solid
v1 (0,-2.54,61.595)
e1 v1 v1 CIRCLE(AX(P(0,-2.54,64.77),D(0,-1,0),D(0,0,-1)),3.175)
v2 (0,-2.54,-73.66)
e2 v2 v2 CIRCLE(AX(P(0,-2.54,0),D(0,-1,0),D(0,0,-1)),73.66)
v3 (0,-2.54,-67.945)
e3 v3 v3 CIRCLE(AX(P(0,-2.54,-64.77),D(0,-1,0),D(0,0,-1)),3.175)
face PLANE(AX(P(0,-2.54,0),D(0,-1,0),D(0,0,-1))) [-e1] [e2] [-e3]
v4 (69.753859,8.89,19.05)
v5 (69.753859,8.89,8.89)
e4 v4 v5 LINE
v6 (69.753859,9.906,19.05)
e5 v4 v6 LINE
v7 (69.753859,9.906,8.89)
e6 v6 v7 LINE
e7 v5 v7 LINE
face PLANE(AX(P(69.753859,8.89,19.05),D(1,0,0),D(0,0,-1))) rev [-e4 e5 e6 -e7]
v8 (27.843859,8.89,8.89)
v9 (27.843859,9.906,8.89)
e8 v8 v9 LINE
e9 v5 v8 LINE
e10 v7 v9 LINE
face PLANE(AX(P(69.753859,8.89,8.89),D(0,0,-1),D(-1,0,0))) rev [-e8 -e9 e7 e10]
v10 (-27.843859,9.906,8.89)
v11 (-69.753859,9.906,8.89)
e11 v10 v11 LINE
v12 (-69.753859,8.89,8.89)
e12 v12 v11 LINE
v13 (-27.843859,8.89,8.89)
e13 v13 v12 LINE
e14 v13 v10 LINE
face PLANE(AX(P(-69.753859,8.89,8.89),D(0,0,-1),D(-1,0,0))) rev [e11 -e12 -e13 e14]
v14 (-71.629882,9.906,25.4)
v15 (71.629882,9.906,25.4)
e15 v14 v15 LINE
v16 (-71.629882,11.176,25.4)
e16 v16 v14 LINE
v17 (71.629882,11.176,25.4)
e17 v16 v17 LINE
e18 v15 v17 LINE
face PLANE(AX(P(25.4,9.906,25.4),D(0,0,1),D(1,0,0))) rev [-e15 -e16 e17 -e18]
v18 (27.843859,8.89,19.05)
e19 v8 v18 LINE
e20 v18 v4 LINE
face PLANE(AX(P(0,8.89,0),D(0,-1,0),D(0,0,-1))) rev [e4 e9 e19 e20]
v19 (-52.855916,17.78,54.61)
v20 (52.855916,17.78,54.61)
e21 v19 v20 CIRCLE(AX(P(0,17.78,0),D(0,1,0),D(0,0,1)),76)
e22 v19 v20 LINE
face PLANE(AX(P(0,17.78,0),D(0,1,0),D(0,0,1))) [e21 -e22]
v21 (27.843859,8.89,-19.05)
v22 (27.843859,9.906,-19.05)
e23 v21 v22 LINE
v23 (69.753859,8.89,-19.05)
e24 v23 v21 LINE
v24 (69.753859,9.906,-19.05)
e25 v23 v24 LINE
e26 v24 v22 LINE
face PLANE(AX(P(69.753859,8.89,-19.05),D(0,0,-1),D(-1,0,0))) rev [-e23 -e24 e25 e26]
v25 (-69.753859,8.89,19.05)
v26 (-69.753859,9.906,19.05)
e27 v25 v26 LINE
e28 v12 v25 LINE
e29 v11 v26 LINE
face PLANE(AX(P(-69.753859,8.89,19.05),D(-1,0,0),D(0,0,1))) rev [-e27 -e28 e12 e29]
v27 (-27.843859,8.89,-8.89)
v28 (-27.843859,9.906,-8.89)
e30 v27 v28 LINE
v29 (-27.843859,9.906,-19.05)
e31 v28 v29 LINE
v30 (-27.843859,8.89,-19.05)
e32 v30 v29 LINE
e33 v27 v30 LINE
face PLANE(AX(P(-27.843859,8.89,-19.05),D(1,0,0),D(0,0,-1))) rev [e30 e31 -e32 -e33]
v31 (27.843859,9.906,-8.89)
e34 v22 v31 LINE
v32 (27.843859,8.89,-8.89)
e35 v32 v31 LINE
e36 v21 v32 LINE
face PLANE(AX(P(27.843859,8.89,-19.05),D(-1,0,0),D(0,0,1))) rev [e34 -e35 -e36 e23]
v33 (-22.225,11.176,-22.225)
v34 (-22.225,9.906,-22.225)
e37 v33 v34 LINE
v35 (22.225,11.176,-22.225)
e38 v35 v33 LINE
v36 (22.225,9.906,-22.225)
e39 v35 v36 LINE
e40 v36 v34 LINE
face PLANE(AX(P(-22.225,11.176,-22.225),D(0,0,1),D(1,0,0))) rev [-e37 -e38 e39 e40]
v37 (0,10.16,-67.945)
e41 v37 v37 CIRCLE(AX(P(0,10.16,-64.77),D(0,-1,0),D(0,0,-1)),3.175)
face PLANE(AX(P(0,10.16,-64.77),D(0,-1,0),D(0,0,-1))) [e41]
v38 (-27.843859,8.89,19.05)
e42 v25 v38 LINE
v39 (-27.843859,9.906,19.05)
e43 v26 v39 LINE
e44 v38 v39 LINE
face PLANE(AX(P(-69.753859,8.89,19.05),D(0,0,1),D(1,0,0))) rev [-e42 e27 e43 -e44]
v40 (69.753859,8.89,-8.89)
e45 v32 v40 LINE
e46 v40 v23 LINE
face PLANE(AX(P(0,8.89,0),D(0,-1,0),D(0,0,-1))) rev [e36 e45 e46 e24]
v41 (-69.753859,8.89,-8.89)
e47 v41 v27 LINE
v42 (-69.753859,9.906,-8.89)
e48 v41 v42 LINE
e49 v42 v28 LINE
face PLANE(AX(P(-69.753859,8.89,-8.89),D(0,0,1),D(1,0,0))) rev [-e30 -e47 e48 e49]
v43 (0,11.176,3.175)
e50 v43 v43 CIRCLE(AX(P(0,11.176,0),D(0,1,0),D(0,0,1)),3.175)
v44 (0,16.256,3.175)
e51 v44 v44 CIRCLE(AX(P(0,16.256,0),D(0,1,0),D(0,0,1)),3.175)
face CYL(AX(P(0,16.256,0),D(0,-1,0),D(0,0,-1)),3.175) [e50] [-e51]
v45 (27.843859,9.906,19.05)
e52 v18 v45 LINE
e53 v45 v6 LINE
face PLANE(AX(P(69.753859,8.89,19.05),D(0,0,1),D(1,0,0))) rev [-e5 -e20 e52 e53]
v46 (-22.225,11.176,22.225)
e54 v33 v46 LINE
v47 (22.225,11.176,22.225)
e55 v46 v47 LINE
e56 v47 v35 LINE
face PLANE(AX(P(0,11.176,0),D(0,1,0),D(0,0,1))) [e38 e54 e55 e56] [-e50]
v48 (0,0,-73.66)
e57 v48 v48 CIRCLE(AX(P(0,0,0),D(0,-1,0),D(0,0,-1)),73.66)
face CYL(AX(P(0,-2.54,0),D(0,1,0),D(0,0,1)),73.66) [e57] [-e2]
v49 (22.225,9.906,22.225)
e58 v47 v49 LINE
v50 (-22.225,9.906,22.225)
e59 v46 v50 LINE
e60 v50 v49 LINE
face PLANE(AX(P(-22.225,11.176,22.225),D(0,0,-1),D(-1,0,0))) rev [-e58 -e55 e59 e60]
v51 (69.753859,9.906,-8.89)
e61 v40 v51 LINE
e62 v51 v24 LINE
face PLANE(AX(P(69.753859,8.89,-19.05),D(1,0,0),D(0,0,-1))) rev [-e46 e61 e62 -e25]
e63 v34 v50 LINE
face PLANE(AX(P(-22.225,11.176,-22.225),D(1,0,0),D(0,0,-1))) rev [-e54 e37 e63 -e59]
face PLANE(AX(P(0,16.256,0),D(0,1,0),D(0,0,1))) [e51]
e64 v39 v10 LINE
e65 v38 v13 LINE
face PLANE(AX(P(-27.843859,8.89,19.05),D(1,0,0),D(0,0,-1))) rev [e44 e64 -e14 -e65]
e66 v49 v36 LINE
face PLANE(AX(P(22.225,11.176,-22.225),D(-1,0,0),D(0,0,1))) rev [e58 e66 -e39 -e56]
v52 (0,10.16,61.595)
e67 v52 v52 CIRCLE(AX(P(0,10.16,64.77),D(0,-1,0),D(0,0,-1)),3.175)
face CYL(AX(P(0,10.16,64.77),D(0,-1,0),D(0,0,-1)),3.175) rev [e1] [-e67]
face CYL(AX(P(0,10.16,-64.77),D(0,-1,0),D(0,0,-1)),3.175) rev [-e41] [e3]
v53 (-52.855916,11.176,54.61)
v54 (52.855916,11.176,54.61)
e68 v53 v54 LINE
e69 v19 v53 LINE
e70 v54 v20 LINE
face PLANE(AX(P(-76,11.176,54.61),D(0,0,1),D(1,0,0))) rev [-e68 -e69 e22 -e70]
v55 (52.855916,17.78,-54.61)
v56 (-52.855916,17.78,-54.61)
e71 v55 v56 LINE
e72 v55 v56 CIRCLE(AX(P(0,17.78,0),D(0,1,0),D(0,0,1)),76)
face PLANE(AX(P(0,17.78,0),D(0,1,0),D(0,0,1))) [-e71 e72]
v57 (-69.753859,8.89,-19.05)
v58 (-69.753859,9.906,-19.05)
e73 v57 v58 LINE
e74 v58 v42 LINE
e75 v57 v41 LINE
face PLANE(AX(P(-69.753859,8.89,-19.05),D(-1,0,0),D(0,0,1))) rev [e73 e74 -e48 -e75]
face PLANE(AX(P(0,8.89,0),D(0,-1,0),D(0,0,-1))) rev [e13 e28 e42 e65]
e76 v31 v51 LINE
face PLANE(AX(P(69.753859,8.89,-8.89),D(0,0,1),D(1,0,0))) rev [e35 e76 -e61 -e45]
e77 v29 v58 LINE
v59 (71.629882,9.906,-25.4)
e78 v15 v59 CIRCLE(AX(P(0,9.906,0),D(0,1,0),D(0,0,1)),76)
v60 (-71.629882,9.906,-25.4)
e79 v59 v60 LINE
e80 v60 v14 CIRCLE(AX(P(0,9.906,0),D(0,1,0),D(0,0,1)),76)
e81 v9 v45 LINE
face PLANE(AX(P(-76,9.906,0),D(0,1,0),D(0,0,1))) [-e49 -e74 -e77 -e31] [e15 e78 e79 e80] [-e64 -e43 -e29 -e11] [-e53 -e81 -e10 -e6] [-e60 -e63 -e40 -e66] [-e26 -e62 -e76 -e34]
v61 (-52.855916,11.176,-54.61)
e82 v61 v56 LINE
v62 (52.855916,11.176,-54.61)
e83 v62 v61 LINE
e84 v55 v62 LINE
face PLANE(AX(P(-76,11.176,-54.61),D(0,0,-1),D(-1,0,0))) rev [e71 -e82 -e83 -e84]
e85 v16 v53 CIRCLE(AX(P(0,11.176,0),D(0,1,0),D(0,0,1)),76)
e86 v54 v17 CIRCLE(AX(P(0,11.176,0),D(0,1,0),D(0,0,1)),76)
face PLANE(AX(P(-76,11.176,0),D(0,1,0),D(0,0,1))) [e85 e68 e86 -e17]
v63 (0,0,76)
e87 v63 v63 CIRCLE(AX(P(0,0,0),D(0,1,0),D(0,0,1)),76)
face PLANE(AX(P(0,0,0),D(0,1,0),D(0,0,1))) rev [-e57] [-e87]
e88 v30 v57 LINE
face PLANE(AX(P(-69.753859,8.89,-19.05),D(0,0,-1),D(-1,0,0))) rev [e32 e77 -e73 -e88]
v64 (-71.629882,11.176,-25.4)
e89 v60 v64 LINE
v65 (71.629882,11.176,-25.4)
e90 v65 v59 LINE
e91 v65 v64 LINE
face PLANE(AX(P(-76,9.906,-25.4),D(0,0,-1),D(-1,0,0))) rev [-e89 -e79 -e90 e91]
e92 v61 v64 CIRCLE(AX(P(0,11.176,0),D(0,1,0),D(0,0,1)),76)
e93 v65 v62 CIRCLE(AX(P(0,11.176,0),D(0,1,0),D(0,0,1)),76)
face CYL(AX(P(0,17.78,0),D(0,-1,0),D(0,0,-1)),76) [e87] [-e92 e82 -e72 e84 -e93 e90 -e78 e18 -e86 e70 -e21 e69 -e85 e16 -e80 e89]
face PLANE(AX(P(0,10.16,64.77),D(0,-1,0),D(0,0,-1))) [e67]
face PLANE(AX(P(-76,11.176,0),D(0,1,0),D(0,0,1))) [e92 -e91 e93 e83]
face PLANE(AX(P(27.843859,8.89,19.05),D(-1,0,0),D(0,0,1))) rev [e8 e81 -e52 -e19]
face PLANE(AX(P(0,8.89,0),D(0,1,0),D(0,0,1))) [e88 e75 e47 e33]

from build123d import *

# Parameters (mm, degrees)
SKETCH2_R           = 76
BOSS_EXTRUDE1_DEPTH = 17.78
CUT_EXTRUDE3_DEPTH  = 6.604
CUT_EXTRUDE5_DEPTH  = 1.27
SKETCH10_W          = 41.91
SKETCH10_H          = 10.16
CUT_EXTRUDE6_DEPTH  = 1.016
SKETCH11_W          = 44.45
SKETCH11_H          = 44.45
BOSS_EXTRUDE2_DEPTH = 1.27
SKETCH14_R          = 3.175
BOSS_EXTRUDE4_DEPTH = 5.08
SKETCH15_R          = 73.66
BOSS_EXTRUDE5_DEPTH = 2.54
SKETCH16_R          = 3.175
CUT_EXTRUDE8_DEPTH  = 12.7


with BuildPart() as part:
    # Sketch2 → Boss-Extrude1 (new body)
    with BuildSketch(Plane(origin=(0, 0, 0), x_dir=(1, 0, 0), z_dir=(0, 1, 0))):
        Circle(SKETCH2_R)
    extrude(amount=BOSS_EXTRUDE1_DEPTH)

    # Sketch6 → Cut-Extrude3 (cut)
    with BuildSketch(Plane(origin=(0, 17.78, 0), x_dir=(1, 0, 0), z_dir=(0, 1, 0))):
        with BuildLine():
            Line((-76, 54.61), (76, 54.61))
            ThreePointArc((76, 54.61), (130.61, 0), (76, -54.61))
            Line((76, -54.61), (-76, -54.61))
            ThreePointArc((-76, -54.61), (-130.61, 0), (-76, 54.61))
        make_face()
    extrude(amount=-CUT_EXTRUDE3_DEPTH, mode=Mode.SUBTRACT)

    # Sketch9 → Cut-Extrude5 (cut)
    with BuildSketch(Plane(origin=(0, 11.176, 0), x_dir=(1, 0, 0), z_dir=(0, 1, 0))):
        with BuildLine():
            Line((-76, 25.4), (-25.4, 25.4))
            Line((-25.4, 25.4), (25.4, 25.4))
            Line((25.4, 25.4), (76, 25.4))
            ThreePointArc((76, 25.4), (101.4, 0), (76, -25.4))
            Line((76, -25.4), (25.4, -25.4))
            Line((25.4, -25.4), (-25.4, -25.4))
            Line((-25.4, -25.4), (-76, -25.4))
            ThreePointArc((-76, -25.4), (-101.4, 0), (-76, 25.4))
        make_face()
    extrude(amount=-CUT_EXTRUDE5_DEPTH, mode=Mode.SUBTRACT)

    # Sketch10 → Cut-Extrude6 (cut)
    with BuildSketch(Plane(origin=(0, 9.906, 0), x_dir=(1, 0, 0), z_dir=(0, 1, 0))):
        with Locations((-48.79885899, 13.97)):
            Rectangle(SKETCH10_W, SKETCH10_H)
        with Locations((-48.79885899, -13.97)):
            Rectangle(SKETCH10_W, SKETCH10_H)
        with Locations((48.79885899, -13.97)):
            Rectangle(SKETCH10_W, SKETCH10_H)
        with Locations((48.79885899, 13.97)):
            Rectangle(SKETCH10_W, SKETCH10_H)
    extrude(amount=-CUT_EXTRUDE6_DEPTH, mode=Mode.SUBTRACT)

    # Sketch11 → Boss-Extrude2 (add)
    with BuildSketch(Plane(origin=(0, 9.906, 0), x_dir=(1, 0, 0), z_dir=(0, 1, 0))):
        Rectangle(SKETCH11_W, SKETCH11_H)
    extrude(amount=BOSS_EXTRUDE2_DEPTH)

    # Sketch14 → Boss-Extrude4 (add)
    with BuildSketch(Plane(origin=(0, 11.176, 0), x_dir=(1, 0, 0), z_dir=(0, 1, 0))):
        Circle(SKETCH14_R)
    extrude(amount=BOSS_EXTRUDE4_DEPTH)

    # Sketch15 → Boss-Extrude5 (add)
    with BuildSketch(Plane.XZ):
        Circle(SKETCH15_R)
    extrude(amount=BOSS_EXTRUDE5_DEPTH)

    # Sketch16 → Cut-Extrude8 (cut)
    with BuildSketch(Plane.XZ.offset(2.54)):
        with Locations((0, 64.77)):
            Circle(SKETCH16_R)
        with Locations((0, -64.77)):
            Circle(SKETCH16_R)
    extrude(amount=-CUT_EXTRUDE8_DEPTH, mode=Mode.SUBTRACT)


solid = part.part
